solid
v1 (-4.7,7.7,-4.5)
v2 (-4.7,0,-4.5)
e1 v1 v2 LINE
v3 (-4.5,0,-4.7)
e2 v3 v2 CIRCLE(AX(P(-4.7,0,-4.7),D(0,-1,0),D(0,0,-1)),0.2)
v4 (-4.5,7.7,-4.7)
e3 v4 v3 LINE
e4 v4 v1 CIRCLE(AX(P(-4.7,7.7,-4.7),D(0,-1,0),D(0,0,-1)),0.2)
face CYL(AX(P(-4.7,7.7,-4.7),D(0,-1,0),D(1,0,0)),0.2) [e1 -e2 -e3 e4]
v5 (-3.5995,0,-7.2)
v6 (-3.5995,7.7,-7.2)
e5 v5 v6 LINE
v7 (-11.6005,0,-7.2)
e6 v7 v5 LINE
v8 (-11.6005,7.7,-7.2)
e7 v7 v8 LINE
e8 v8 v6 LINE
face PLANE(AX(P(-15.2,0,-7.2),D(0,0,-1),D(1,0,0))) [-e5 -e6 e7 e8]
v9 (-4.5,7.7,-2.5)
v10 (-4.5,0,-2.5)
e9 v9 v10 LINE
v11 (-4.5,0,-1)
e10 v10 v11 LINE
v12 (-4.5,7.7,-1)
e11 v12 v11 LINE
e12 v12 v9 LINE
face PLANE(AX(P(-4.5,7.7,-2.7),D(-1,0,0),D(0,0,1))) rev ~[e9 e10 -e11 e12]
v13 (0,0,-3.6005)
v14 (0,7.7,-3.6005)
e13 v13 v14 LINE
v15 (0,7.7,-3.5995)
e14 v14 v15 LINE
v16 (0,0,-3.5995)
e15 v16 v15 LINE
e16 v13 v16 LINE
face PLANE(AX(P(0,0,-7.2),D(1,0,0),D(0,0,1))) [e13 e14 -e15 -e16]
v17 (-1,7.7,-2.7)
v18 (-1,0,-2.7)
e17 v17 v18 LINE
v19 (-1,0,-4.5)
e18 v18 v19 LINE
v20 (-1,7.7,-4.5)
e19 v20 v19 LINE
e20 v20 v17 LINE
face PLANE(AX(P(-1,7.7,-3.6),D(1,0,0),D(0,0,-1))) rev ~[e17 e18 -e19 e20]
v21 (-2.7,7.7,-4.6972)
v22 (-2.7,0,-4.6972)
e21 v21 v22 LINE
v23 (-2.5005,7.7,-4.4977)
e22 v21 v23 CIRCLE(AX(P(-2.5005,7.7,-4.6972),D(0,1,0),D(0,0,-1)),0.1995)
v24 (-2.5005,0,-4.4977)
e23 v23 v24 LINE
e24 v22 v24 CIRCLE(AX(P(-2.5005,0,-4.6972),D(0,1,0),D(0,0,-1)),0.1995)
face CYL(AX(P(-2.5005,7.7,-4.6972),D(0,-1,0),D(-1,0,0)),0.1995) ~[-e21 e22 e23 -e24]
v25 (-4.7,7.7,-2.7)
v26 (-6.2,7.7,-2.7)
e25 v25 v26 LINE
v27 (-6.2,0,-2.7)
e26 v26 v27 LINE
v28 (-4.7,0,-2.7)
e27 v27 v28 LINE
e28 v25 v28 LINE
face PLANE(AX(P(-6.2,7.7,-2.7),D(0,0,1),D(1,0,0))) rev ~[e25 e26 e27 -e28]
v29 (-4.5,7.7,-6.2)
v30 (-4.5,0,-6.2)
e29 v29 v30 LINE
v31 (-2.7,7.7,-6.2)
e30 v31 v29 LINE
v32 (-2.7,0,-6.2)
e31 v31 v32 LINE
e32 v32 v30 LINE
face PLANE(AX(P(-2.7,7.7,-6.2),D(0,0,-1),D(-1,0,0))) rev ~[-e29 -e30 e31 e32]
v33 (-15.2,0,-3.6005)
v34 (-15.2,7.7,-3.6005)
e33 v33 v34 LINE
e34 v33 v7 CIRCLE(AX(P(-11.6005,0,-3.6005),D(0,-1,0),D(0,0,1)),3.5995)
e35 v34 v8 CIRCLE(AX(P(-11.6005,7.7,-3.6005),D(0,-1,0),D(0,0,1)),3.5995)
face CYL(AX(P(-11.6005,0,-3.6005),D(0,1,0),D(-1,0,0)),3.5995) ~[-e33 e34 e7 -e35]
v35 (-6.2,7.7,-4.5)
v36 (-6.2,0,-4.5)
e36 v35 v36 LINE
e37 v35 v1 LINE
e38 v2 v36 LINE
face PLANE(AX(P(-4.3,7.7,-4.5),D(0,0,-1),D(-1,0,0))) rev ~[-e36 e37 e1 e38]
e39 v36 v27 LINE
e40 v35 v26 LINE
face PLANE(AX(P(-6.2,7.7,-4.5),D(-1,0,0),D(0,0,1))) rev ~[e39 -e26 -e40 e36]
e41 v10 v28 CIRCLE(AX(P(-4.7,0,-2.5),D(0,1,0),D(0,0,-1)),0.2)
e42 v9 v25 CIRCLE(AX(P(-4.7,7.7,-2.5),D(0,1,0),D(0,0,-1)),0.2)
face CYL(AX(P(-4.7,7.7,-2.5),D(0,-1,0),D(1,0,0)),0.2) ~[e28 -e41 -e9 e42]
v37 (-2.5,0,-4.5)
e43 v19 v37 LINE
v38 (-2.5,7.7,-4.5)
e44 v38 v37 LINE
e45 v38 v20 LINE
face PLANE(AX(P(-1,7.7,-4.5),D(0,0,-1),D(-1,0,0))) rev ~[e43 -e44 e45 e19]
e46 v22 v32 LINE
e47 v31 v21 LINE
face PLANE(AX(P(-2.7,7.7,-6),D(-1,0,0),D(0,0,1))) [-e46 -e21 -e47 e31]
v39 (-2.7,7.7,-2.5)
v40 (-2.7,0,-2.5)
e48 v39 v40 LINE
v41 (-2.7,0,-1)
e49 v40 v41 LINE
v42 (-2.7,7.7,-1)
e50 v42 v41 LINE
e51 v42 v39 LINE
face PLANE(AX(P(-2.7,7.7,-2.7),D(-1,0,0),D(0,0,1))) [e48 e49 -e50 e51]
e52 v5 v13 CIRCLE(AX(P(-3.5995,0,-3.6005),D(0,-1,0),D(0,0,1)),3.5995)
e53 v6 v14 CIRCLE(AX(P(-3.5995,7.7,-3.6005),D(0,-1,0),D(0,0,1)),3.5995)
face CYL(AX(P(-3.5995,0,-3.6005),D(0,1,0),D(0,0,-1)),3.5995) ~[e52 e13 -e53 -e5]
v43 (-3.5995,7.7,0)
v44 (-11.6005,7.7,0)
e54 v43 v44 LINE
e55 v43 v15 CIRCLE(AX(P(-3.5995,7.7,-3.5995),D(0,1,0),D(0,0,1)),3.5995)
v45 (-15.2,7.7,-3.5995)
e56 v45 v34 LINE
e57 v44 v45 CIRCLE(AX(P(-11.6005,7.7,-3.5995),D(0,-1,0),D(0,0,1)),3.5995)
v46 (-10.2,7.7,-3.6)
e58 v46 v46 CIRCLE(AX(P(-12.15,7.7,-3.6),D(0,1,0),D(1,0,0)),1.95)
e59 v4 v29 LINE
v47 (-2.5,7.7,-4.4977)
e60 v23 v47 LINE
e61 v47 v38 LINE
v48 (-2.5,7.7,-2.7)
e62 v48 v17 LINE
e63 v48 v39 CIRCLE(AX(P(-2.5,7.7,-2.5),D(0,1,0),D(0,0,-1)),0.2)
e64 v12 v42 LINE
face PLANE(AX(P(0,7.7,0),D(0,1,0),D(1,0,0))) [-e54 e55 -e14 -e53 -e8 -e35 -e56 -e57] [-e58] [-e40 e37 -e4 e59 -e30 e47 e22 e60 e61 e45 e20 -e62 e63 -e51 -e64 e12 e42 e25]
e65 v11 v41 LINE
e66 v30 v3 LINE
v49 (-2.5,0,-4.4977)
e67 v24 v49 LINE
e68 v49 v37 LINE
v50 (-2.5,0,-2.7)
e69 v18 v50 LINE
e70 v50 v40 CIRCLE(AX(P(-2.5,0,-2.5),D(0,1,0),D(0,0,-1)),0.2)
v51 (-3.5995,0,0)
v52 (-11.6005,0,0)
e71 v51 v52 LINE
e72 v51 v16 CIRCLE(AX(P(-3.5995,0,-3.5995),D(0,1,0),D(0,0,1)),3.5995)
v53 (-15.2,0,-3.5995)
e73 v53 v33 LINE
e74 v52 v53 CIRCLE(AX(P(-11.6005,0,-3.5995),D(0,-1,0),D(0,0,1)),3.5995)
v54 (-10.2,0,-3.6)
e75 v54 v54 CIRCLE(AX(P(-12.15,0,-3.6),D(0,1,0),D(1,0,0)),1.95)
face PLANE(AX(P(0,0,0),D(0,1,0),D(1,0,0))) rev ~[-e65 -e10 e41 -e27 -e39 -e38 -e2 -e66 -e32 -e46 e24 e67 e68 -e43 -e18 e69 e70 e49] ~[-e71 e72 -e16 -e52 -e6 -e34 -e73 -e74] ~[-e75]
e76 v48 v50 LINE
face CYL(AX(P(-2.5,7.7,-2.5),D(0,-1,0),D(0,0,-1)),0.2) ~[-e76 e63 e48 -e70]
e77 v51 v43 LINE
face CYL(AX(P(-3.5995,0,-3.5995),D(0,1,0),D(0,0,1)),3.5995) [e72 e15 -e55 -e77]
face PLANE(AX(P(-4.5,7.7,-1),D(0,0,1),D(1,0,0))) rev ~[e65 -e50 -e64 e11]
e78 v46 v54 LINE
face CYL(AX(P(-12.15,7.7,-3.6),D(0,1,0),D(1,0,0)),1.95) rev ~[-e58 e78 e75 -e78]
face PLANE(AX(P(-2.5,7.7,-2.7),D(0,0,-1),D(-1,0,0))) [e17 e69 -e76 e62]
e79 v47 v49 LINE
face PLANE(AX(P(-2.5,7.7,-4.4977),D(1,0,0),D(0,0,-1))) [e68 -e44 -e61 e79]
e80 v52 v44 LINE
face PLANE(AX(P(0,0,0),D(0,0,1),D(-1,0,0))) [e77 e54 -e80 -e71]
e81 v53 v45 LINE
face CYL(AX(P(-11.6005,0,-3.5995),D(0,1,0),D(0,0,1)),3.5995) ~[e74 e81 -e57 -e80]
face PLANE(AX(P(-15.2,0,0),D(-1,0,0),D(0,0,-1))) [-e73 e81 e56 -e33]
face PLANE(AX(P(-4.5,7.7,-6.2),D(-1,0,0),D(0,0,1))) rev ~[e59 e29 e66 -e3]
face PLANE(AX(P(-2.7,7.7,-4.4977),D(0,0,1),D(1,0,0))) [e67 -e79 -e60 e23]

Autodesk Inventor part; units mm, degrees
ref_plane "YZ Plane" through (0, 0, 0) normal (1, 0, 0) x (0, 1, 0)
ref_plane "XZ Plane" through (0, 0, 0) normal (0, 1, 0) x (-1, 0, 0)
ref_plane "XY Plane" through (0, 0, 0) normal (0, 0, 1) x (1, 0, 0)
sketch "Sketch1" plane through (0, 0, 0) normal (0, 1, 0) x (-1, 0, 0)
  point P0 (0, 0)
sketch "Sketch2" plane through (0, 0, 0) normal (0, 1, 0) x (-1, 0, 0)
  line L0 (0, 0) -> (15.2, 0)
  line L1 (15.2, 0) -> (15.2, -7.2)
  line L2 (15.2, -7.2) -> (0, -7.2)
  line L3 (0, -7.2) -> (0, 0)
  dimension "d0" = 15.2
  dimension "d1" = 7.2
extrude "Extrusion1" add sketch "Sketch2" along normal blind 7.7
fillet "Fillet1" radius 3.6 2 edges at (0, 3.85, 0) (0, 3.85, -7.2)
fillet "Fillet2" radius 3.6 2 edges at (-15.2, 3.85, 0) (-15.2, 3.85, -7.2)
sketch "Sketch3" plane through (0, 7.7, 0) normal (0, 1, 0) x (1, 0, 0)
  arc A0 (-3.6, 0) -> (-3.6, 7.2) centre (-3.6, 3.6) ccw projected
  line L0 (0, 3.6) -> (-1, 3.6)
  line L1 (-1, 3.6) -> (-1, 4.5)
  line L2 (-1, 3.6) -> (-1, 2.7)
  line L3 (-1, 4.5) -> (-5.8, 4.5)
  line L4 (-5.8, 4.5) -> (-5.8, 2.7)
  line L5 (-5.8, 2.7) -> (-1, 2.7)
  line L6 (-1, 2.7) -> (-1, 4.5)
  line L7 (-1, 3.6) -> (-3.4, 3.6)
  line L8 (-3.4, 3.6) -> (-3.4, 6)
  line L9 (-3.4, 3.6) -> (-3.4, 1.2)
  line L10 (-3.4, 6) -> (-2.5, 6)
  line L11 (-3.4, 6) -> (-4.3, 6)
  line L12 (-4.3, 6) -> (-2.5, 6)
  line L13 (-2.5, 6) -> (-2.5, 1.2)
  line L14 (-2.5, 1.2) -> (-4.3, 1.2)
  line L15 (-4.3, 1.2) -> (-4.3, 6)
  point P0 (0, 0)
  point P1 (-4.3, 2.7)
  point P2 (-4.3, 4.5)
  point P3 (-2.5, 4.5)
  point P4 (-3.4, 4.5)
  point P5 (-2.5, 2.7)
  point P6 (-3.4, 2.7)
  dimension "d6" = 1
  dimension "d14" = 0.9
  dimension "d15" = 0.9
  dimension "d16" = 4.8
  dimension "d17" = 2.4
  dimension "d18" = 2.4
  dimension "d19" = 0.9
  dimension "d20" = 0.9
  dimension "d21" = 4.8
extrude "Extrusion2" cut sketch "Sketch3" against normal through all contours L15 L5 L4 L3
extrude "Extrusion3" cut sketch "Sketch3" against normal through all contours L3 L8 L10 L13
extrude "Extrusion4" cut sketch "Sketch3" against normal through all contours L3 L15 L11 L8
extrude "Extrusion5" cut sketch "Sketch3" against normal through all contours L13 L14 L9 L5
extrude "Extrusion6" cut sketch "Sketch3" against normal through all contours L9 L14 L15 L5
extrude "Extrusion7" cut sketch "Sketch3" against normal through all contours L7 L13 L3 L1 | L2 L5 L13 L7 | L13 L5 L9 L7 | L7 L8 L3 L13 | L9 L5 L15 L3 L8 | L15 L5 L4 L3
fillet "Fillet3" radius 0.2 1 edges at (-4.3, 3.85, -4.5)
fillet "Fillet4" radius 0.2 1 edges at (-4.3, 3.85, -2.7)
fillet "Fillet5" radius 0.2 1 edges at (-2.5, 3.85, -2.7)
fillet "Fillet6" radius 0.2 1 edges at (-2.5, 3.85, -4.5)
sketch "Sketch4" plane through (0, 7.7, 0) normal (0, 1, 0) x (1, 0, 0)
  arc A0 (-11.6, 7.2) -> (-11.6, 0) centre (-11.6, 3.6) ccw projected
  line L0 (-15.2, 3.6) -> (-14, 3.6)
  line L1 (-14, 3.6) -> (-10.3, 3.6)
  circle A1 centre (-12.15, 3.6) radius 1.85
  point P0 (0, 0)
  dimension "d38" = 1.2
  dimension "d39" = 3.7
extrude "Extrusion8" cut sketch "Sketch4" against normal through all
sketch "Sketch5" plane through (-3.6, 0, 0) normal (0, 0, 1) x (1, 0, 0)
  line L0 (-6.2992, 6.9034) -> (0.3672, 6.9034) construction
  line L1 (0.3672, 6.9034) -> (0.3672, 0.2653) construction
  line L2 (0.3672, 0.2653) -> (-6.2992, 0.2653) construction
  line L3 (-6.2992, 0.2653) -> (-6.2992, 6.9034) construction
  spline S0 degree 2 poles (-1.5438, 2.6769) (-1.5438, 2.2221) (-1.8898, 1.5251) (-2.1766, 1.2977) knots 0 0 0 1 2 2 2
  spline S1 degree 2 poles (-2.1766, 1.2977) (-2.5226, 1.0308) (-3.3086, 0.8034) (-3.9314, 0.8034) knots 0 0 0 1 2 2 2
  line L4 (-3.9314, 0.8034) -> (-5.6813, 0.8034)
  line L5 (-5.6813, 0.8034) -> (-5.6813, 6.9034)
  line L6 (-5.6813, 6.9034) -> (-4.0649, 6.9034)
  spline S2 degree 2 poles (-4.0649, 6.9034) (-3.4124, 6.9034) (-2.7599, 6.8193) (-2.4633, 6.6562) knots 0 0 0 1 2 2 2
  spline S3 degree 2 poles (-2.4633, 6.6562) (-2.1321, 6.4832) (-1.8305, 5.9147) (-1.8305, 5.5292) knots 0 0 0 1 2 2 2
  spline S4 degree 2 poles (-1.8305, 5.5292) (-1.8305, 5.0991) (-2.2853, 4.4169) (-2.6857, 4.2241) knots 0 0 0 1 2 2 2
  line L7 (-2.6857, 4.2241) -> (-2.6857, 4.1945)
  spline S5 degree 2 poles (-2.6857, 4.1945) (-2.142, 4.0462) (-1.5438, 3.2602) (-1.5438, 2.6769) knots 0 0 0 1 2 2 2
  spline S6 degree 2 poles (-2.3891, 2.6423) (-2.3891, 2.9883) (-2.5868, 3.4332) (-2.8834, 3.5914) knots 0 0 0 1 2 2 2
  spline S7 degree 2 poles (-2.8834, 3.5914) (-3.0762, 3.6903) (-3.531, 3.7496) (-3.9512, 3.7496) knots 0 0 0 1 2 2 2
  line L8 (-3.9512, 3.7496) -> (-4.8706, 3.7496)
  line L9 (-4.8706, 3.7496) -> (-4.8706, 1.4954)
  line L10 (-4.8706, 1.4954) -> (-4.2132, 1.4954)
  spline S8 degree 2 poles (-4.2132, 1.4954) (-3.6793, 1.4954) (-3.0663, 1.5943) (-2.8291, 1.7525) knots 0 0 0 1 2 2 2
  spline S9 degree 2 poles (-2.8291, 1.7525) (-2.6017, 1.9156) (-2.3891, 2.321) (-2.3891, 2.6423) knots 0 0 0 1 2 2 2
  spline S10 degree 2 poles (-2.6758, 5.4155) (-2.6758, 5.633) (-2.8241, 5.9592) (-2.9873, 6.0531) knots 0 0 0 1 2 2 2
  spline S11 degree 2 poles (-2.9873, 6.0531) (-3.185, 6.1619) (-3.6645, 6.2113) (-4.0945, 6.2113) knots 0 0 0 1 2 2 2
  line L11 (-4.0945, 6.2113) -> (-4.8706, 6.2113)
  line L12 (-4.8706, 6.2113) -> (-4.8706, 4.4268)
  line L13 (-4.8706, 4.4268) -> (-3.9512, 4.4268)
  spline S12 degree 2 poles (-3.9512, 4.4268) (-3.5706, 4.4268) (-3.2097, 4.5059) (-3.0169, 4.6295) knots 0 0 0 1 2 2 2
  spline S13 degree 2 poles (-3.0169, 4.6295) (-2.8291, 4.7481) (-2.6758, 5.1287) (-2.6758, 5.4155) knots 0 0 0 1 2 2 2
  point P0 (3.6, 0)
extrude "Extrusion9" cut sketch "Sketch5" against normal blind 0.2
sketch "Sketch6" plane through (0, 7.7, 0) normal (0, 1, 0) x (1, 0, 0)
  circle A0 centre (-12.15, 3.6) radius 1.85 projected
  circle A1 centre (-12.15, 3.6) radius 1.95
  point P0 (0, 0)
  dimension "d44" = 3.9
extrude "Extrusion10" cut sketch "Sketch6" against normal through all
sketch "Sketch7" plane through (0, 7.7, 0) normal (0, 1, 0) x (1, 0, 0)
  line L0 (-4.3, 4.5) -> (-4.7532, 4.5)
  line L1 (-4.7532, 4.5) -> (-4.7532, 4.9695)
  line L2 (-4.7532, 4.9695) -> (-4.3, 4.9695)
  line L3 (-4.3, 4.9695) -> (-4.3, 4.5)
  arc A0 (-2.5, 4.7) -> (-2.3, 4.5) centre (-2.3, 4.7) ccw projected
  line L4 (-2.3, 4.7) -> (-2.5, 4.7)
  line L5 (-2.5, 4.7) -> (-2.5, 4.5)
  line L6 (-2.5, 4.5) -> (-2.3, 4.5)
  line L7 (-2.3, 4.5) -> (-2.3, 4.7)
  arc A1 (-2.3, 2.7) -> (-2.5, 2.5) centre (-2.3, 2.5) ccw projected
  line L8 (-2.3, 2.5) -> (-2.5, 2.5)
  line L9 (-2.5, 2.5) -> (-2.5, 2.7)
  line L10 (-2.5, 2.7) -> (-2.3, 2.7)
  line L11 (-2.3, 2.7) -> (-2.3, 2.5)
  arc A2 (-4.3, 2.5) -> (-4.5, 2.7) centre (-4.5, 2.5) ccw projected
  line L12 (-4.5, 2.5) -> (-4.3, 2.5)
  line L13 (-4.3, 2.5) -> (-4.3, 2.7)
  line L14 (-4.3, 2.7) -> (-4.5, 2.7)
  line L15 (-4.5, 2.7) -> (-4.5, 2.5)
  point P0 (0, 0)
extrude "Extrusion11" add sketch "Sketch7" against normal blind 7.7 contours L0 L1 L2 L3
extrude "Extrusion12" add sketch "Sketch7" against normal blind 7.7 contours L4 L7 A0 | A0 L6 L5
extrude "Extrusion13" add sketch "Sketch7" against normal blind 7.7 contours L12 L15 A2 | A2 L14 L13
extrude "Extrusion14" add sketch "Sketch7" against normal blind 7.7 contours L11 L8 A1 | A1 L9 L10
sketch "Sketch8" plane through (0, 7.7, 0) normal (0, 1, 0) x (1, 0, 0)
  line L0 (-2.5, 2.7) -> (-1, 2.7) projected
  line L1 (-4.3, 1.2) -> (-2.5, 1.2) projected
  line L2 (-2.5, 2.7) -> (-2.7, 2.7)
  line L3 (-2.7, 2.7) -> (-2.7, 1.2)
  line L4 (-2.7, 1.2) -> (-2.5, 1.2)
  line L5 (-2.5, 1.2) -> (-2.5, 2.7)
  line L6 (-2.5, 6) -> (-4.3, 6) projected
  line L7 (-2.5, 6) -> (-2.7, 6)
  line L8 (-2.7, 6) -> (-2.7, 4.4977)
  line L9 (-2.7, 4.4977) -> (-2.5, 4.4977)
  line L10 (-2.5, 4.4977) -> (-2.5, 6)
  line L11 (-4.3, 4.5) -> (-5.8, 4.5) projected
  line L12 (-5.8, 4.5) -> (-6, 4.5)
  line L13 (-6, 4.5) -> (-6, 2.7)
  line L14 (-6, 2.7) -> (-5.8, 2.7)
  line L15 (-5.8, 2.7) -> (-5.8, 4.5)
  line L16 (-4.3, 6) -> (-4.5, 6)
  line L17 (-4.5, 6) -> (-4.5, 4.5)
  line L18 (-4.5, 4.5) -> (-4.3, 4.5)
  line L19 (-4.3, 4.5) -> (-4.3, 6)
  line L20 (-4.3, 2.7) -> (-4.3, 1.2) projected
  line L21 (-4.3, 2.7) -> (-4.5, 2.7)
  line L22 (-4.5, 2.7) -> (-4.5, 1.2)
  line L23 (-4.5, 1.2) -> (-4.3, 1.2)
  line L24 (-4.3, 1.2) -> (-4.3, 2.7)
  point P0 (0, 0)
  dimension "d55" = 0.2
  dimension "d56" = 0.2
  dimension "d57" = 0.2
  dimension "d58" = 0.2
  dimension "d59" = 0.2
extrude "Extrusion15" add sketch "Sketch8" against normal blind 7.7 contours L10 L9 L8 L6
extrude "Extrusion16" add sketch "Sketch8" against normal blind 7.7 contours L3 L2 L5 L1
extrude "Extrusion17" cut sketch "Sketch8" against normal through all contours L19 L11 L17 L16
extrude "Extrusion18" cut sketch "Sketch8" against normal through all contours L23 L22 L21 L20
extrude "Extrusion19" cut sketch "Sketch8" against normal through all contours L15 L14 L13 L12
sketch "Sketch9" plane through (0, 7.7, 0) normal (0, 1, 0) x (1, 0, 0)
  point P0 (0, 0)
sketch "Sketch10" plane through (0, 7.7, 0) normal (0, 1, 0) x (1, 0, 0)
  line L0 (-6, 4.5) -> (-4.5, 4.5) projected
  line L1 (-2.7, 2.7) -> (-2.7, 1.2) projected
  line L2 (-4.5, 4.5) -> (-2.7, 4.5)
  line L3 (-2.7, 4.5) -> (-2.7, 2.7)
  line L4 (-2.7, 2.7) -> (-4.5, 2.7)
  line L5 (-4.5, 2.7) -> (-4.5, 4.5)
  line L6 (-4.5, 6) -> (-2.7, 6) projected
  line L7 (-4.5, 6) -> (-2.7, 6)
  line L8 (-2.7, 6) -> (-2.7, 6.2)
  line L9 (-2.7, 6.2) -> (-4.5, 6.2)
  line L10 (-4.5, 6.2) -> (-4.5, 6)
  line L11 (-6, 4.5) -> (-6.2, 4.5)
  line L12 (-6.2, 4.5) -> (-6.2, 2.7)
  line L13 (-6.2, 2.7) -> (-6, 2.7)
  line L14 (-6, 2.7) -> (-6, 4.5)
  line L15 (-2.7, 1.2) -> (-4.5, 1.2)
  line L16 (-4.5, 1.2) -> (-4.5, 1)
  line L17 (-4.5, 1) -> (-2.7, 1)
  line L18 (-2.7, 1) -> (-2.7, 1.2)
  point P0 (0, 0)
  dimension "d70" = 0.2
  dimension "d71" = 0.2
  dimension "d72" = 0.2
extrude "Extrusion20" cut sketch "Sketch10" against normal through all contours L10 L9 L8 L6
extrude "Extrusion21" cut sketch "Sketch10" against normal through all contours L14 L13 L12 L11
extrude "Extrusion22" cut sketch "Sketch10" against normal through all contours L18 L17 L16 L15
fillet "Fillet7" radius 0.2 1 edges at (-4.5, 3.85, -4.5)
fillet "Fillet8" radius 0.2 1 edges at (-2.7, 3.85, -4.4977)
fillet "Fillet9" radius 0.2 1 edges at (-2.7, 3.85, -2.7)
fillet "Fillet10" radius 0.2 1 edges at (-4.5, 3.85, -2.7)
sketch "Sketch11" plane through (-3.6, 0, 0) normal (0, 0, 1) x (1, 0, 0)
  line L0 (-7.3139, 7.2702) -> (-0.5941, 7.2702)
  line L1 (-0.5941, 7.2702) -> (-0.5941, 0.3916)
  line L2 (-0.5941, 0.3916) -> (-7.3139, 0.3916)
  line L3 (-7.3139, 0.3916) -> (-7.3139, 7.2702)
  point P0 (3.6, 0)
extrude "Extrusion23" add sketch "Sketch11" against normal blind 0.5
properties part number "part1_3DPrint"
